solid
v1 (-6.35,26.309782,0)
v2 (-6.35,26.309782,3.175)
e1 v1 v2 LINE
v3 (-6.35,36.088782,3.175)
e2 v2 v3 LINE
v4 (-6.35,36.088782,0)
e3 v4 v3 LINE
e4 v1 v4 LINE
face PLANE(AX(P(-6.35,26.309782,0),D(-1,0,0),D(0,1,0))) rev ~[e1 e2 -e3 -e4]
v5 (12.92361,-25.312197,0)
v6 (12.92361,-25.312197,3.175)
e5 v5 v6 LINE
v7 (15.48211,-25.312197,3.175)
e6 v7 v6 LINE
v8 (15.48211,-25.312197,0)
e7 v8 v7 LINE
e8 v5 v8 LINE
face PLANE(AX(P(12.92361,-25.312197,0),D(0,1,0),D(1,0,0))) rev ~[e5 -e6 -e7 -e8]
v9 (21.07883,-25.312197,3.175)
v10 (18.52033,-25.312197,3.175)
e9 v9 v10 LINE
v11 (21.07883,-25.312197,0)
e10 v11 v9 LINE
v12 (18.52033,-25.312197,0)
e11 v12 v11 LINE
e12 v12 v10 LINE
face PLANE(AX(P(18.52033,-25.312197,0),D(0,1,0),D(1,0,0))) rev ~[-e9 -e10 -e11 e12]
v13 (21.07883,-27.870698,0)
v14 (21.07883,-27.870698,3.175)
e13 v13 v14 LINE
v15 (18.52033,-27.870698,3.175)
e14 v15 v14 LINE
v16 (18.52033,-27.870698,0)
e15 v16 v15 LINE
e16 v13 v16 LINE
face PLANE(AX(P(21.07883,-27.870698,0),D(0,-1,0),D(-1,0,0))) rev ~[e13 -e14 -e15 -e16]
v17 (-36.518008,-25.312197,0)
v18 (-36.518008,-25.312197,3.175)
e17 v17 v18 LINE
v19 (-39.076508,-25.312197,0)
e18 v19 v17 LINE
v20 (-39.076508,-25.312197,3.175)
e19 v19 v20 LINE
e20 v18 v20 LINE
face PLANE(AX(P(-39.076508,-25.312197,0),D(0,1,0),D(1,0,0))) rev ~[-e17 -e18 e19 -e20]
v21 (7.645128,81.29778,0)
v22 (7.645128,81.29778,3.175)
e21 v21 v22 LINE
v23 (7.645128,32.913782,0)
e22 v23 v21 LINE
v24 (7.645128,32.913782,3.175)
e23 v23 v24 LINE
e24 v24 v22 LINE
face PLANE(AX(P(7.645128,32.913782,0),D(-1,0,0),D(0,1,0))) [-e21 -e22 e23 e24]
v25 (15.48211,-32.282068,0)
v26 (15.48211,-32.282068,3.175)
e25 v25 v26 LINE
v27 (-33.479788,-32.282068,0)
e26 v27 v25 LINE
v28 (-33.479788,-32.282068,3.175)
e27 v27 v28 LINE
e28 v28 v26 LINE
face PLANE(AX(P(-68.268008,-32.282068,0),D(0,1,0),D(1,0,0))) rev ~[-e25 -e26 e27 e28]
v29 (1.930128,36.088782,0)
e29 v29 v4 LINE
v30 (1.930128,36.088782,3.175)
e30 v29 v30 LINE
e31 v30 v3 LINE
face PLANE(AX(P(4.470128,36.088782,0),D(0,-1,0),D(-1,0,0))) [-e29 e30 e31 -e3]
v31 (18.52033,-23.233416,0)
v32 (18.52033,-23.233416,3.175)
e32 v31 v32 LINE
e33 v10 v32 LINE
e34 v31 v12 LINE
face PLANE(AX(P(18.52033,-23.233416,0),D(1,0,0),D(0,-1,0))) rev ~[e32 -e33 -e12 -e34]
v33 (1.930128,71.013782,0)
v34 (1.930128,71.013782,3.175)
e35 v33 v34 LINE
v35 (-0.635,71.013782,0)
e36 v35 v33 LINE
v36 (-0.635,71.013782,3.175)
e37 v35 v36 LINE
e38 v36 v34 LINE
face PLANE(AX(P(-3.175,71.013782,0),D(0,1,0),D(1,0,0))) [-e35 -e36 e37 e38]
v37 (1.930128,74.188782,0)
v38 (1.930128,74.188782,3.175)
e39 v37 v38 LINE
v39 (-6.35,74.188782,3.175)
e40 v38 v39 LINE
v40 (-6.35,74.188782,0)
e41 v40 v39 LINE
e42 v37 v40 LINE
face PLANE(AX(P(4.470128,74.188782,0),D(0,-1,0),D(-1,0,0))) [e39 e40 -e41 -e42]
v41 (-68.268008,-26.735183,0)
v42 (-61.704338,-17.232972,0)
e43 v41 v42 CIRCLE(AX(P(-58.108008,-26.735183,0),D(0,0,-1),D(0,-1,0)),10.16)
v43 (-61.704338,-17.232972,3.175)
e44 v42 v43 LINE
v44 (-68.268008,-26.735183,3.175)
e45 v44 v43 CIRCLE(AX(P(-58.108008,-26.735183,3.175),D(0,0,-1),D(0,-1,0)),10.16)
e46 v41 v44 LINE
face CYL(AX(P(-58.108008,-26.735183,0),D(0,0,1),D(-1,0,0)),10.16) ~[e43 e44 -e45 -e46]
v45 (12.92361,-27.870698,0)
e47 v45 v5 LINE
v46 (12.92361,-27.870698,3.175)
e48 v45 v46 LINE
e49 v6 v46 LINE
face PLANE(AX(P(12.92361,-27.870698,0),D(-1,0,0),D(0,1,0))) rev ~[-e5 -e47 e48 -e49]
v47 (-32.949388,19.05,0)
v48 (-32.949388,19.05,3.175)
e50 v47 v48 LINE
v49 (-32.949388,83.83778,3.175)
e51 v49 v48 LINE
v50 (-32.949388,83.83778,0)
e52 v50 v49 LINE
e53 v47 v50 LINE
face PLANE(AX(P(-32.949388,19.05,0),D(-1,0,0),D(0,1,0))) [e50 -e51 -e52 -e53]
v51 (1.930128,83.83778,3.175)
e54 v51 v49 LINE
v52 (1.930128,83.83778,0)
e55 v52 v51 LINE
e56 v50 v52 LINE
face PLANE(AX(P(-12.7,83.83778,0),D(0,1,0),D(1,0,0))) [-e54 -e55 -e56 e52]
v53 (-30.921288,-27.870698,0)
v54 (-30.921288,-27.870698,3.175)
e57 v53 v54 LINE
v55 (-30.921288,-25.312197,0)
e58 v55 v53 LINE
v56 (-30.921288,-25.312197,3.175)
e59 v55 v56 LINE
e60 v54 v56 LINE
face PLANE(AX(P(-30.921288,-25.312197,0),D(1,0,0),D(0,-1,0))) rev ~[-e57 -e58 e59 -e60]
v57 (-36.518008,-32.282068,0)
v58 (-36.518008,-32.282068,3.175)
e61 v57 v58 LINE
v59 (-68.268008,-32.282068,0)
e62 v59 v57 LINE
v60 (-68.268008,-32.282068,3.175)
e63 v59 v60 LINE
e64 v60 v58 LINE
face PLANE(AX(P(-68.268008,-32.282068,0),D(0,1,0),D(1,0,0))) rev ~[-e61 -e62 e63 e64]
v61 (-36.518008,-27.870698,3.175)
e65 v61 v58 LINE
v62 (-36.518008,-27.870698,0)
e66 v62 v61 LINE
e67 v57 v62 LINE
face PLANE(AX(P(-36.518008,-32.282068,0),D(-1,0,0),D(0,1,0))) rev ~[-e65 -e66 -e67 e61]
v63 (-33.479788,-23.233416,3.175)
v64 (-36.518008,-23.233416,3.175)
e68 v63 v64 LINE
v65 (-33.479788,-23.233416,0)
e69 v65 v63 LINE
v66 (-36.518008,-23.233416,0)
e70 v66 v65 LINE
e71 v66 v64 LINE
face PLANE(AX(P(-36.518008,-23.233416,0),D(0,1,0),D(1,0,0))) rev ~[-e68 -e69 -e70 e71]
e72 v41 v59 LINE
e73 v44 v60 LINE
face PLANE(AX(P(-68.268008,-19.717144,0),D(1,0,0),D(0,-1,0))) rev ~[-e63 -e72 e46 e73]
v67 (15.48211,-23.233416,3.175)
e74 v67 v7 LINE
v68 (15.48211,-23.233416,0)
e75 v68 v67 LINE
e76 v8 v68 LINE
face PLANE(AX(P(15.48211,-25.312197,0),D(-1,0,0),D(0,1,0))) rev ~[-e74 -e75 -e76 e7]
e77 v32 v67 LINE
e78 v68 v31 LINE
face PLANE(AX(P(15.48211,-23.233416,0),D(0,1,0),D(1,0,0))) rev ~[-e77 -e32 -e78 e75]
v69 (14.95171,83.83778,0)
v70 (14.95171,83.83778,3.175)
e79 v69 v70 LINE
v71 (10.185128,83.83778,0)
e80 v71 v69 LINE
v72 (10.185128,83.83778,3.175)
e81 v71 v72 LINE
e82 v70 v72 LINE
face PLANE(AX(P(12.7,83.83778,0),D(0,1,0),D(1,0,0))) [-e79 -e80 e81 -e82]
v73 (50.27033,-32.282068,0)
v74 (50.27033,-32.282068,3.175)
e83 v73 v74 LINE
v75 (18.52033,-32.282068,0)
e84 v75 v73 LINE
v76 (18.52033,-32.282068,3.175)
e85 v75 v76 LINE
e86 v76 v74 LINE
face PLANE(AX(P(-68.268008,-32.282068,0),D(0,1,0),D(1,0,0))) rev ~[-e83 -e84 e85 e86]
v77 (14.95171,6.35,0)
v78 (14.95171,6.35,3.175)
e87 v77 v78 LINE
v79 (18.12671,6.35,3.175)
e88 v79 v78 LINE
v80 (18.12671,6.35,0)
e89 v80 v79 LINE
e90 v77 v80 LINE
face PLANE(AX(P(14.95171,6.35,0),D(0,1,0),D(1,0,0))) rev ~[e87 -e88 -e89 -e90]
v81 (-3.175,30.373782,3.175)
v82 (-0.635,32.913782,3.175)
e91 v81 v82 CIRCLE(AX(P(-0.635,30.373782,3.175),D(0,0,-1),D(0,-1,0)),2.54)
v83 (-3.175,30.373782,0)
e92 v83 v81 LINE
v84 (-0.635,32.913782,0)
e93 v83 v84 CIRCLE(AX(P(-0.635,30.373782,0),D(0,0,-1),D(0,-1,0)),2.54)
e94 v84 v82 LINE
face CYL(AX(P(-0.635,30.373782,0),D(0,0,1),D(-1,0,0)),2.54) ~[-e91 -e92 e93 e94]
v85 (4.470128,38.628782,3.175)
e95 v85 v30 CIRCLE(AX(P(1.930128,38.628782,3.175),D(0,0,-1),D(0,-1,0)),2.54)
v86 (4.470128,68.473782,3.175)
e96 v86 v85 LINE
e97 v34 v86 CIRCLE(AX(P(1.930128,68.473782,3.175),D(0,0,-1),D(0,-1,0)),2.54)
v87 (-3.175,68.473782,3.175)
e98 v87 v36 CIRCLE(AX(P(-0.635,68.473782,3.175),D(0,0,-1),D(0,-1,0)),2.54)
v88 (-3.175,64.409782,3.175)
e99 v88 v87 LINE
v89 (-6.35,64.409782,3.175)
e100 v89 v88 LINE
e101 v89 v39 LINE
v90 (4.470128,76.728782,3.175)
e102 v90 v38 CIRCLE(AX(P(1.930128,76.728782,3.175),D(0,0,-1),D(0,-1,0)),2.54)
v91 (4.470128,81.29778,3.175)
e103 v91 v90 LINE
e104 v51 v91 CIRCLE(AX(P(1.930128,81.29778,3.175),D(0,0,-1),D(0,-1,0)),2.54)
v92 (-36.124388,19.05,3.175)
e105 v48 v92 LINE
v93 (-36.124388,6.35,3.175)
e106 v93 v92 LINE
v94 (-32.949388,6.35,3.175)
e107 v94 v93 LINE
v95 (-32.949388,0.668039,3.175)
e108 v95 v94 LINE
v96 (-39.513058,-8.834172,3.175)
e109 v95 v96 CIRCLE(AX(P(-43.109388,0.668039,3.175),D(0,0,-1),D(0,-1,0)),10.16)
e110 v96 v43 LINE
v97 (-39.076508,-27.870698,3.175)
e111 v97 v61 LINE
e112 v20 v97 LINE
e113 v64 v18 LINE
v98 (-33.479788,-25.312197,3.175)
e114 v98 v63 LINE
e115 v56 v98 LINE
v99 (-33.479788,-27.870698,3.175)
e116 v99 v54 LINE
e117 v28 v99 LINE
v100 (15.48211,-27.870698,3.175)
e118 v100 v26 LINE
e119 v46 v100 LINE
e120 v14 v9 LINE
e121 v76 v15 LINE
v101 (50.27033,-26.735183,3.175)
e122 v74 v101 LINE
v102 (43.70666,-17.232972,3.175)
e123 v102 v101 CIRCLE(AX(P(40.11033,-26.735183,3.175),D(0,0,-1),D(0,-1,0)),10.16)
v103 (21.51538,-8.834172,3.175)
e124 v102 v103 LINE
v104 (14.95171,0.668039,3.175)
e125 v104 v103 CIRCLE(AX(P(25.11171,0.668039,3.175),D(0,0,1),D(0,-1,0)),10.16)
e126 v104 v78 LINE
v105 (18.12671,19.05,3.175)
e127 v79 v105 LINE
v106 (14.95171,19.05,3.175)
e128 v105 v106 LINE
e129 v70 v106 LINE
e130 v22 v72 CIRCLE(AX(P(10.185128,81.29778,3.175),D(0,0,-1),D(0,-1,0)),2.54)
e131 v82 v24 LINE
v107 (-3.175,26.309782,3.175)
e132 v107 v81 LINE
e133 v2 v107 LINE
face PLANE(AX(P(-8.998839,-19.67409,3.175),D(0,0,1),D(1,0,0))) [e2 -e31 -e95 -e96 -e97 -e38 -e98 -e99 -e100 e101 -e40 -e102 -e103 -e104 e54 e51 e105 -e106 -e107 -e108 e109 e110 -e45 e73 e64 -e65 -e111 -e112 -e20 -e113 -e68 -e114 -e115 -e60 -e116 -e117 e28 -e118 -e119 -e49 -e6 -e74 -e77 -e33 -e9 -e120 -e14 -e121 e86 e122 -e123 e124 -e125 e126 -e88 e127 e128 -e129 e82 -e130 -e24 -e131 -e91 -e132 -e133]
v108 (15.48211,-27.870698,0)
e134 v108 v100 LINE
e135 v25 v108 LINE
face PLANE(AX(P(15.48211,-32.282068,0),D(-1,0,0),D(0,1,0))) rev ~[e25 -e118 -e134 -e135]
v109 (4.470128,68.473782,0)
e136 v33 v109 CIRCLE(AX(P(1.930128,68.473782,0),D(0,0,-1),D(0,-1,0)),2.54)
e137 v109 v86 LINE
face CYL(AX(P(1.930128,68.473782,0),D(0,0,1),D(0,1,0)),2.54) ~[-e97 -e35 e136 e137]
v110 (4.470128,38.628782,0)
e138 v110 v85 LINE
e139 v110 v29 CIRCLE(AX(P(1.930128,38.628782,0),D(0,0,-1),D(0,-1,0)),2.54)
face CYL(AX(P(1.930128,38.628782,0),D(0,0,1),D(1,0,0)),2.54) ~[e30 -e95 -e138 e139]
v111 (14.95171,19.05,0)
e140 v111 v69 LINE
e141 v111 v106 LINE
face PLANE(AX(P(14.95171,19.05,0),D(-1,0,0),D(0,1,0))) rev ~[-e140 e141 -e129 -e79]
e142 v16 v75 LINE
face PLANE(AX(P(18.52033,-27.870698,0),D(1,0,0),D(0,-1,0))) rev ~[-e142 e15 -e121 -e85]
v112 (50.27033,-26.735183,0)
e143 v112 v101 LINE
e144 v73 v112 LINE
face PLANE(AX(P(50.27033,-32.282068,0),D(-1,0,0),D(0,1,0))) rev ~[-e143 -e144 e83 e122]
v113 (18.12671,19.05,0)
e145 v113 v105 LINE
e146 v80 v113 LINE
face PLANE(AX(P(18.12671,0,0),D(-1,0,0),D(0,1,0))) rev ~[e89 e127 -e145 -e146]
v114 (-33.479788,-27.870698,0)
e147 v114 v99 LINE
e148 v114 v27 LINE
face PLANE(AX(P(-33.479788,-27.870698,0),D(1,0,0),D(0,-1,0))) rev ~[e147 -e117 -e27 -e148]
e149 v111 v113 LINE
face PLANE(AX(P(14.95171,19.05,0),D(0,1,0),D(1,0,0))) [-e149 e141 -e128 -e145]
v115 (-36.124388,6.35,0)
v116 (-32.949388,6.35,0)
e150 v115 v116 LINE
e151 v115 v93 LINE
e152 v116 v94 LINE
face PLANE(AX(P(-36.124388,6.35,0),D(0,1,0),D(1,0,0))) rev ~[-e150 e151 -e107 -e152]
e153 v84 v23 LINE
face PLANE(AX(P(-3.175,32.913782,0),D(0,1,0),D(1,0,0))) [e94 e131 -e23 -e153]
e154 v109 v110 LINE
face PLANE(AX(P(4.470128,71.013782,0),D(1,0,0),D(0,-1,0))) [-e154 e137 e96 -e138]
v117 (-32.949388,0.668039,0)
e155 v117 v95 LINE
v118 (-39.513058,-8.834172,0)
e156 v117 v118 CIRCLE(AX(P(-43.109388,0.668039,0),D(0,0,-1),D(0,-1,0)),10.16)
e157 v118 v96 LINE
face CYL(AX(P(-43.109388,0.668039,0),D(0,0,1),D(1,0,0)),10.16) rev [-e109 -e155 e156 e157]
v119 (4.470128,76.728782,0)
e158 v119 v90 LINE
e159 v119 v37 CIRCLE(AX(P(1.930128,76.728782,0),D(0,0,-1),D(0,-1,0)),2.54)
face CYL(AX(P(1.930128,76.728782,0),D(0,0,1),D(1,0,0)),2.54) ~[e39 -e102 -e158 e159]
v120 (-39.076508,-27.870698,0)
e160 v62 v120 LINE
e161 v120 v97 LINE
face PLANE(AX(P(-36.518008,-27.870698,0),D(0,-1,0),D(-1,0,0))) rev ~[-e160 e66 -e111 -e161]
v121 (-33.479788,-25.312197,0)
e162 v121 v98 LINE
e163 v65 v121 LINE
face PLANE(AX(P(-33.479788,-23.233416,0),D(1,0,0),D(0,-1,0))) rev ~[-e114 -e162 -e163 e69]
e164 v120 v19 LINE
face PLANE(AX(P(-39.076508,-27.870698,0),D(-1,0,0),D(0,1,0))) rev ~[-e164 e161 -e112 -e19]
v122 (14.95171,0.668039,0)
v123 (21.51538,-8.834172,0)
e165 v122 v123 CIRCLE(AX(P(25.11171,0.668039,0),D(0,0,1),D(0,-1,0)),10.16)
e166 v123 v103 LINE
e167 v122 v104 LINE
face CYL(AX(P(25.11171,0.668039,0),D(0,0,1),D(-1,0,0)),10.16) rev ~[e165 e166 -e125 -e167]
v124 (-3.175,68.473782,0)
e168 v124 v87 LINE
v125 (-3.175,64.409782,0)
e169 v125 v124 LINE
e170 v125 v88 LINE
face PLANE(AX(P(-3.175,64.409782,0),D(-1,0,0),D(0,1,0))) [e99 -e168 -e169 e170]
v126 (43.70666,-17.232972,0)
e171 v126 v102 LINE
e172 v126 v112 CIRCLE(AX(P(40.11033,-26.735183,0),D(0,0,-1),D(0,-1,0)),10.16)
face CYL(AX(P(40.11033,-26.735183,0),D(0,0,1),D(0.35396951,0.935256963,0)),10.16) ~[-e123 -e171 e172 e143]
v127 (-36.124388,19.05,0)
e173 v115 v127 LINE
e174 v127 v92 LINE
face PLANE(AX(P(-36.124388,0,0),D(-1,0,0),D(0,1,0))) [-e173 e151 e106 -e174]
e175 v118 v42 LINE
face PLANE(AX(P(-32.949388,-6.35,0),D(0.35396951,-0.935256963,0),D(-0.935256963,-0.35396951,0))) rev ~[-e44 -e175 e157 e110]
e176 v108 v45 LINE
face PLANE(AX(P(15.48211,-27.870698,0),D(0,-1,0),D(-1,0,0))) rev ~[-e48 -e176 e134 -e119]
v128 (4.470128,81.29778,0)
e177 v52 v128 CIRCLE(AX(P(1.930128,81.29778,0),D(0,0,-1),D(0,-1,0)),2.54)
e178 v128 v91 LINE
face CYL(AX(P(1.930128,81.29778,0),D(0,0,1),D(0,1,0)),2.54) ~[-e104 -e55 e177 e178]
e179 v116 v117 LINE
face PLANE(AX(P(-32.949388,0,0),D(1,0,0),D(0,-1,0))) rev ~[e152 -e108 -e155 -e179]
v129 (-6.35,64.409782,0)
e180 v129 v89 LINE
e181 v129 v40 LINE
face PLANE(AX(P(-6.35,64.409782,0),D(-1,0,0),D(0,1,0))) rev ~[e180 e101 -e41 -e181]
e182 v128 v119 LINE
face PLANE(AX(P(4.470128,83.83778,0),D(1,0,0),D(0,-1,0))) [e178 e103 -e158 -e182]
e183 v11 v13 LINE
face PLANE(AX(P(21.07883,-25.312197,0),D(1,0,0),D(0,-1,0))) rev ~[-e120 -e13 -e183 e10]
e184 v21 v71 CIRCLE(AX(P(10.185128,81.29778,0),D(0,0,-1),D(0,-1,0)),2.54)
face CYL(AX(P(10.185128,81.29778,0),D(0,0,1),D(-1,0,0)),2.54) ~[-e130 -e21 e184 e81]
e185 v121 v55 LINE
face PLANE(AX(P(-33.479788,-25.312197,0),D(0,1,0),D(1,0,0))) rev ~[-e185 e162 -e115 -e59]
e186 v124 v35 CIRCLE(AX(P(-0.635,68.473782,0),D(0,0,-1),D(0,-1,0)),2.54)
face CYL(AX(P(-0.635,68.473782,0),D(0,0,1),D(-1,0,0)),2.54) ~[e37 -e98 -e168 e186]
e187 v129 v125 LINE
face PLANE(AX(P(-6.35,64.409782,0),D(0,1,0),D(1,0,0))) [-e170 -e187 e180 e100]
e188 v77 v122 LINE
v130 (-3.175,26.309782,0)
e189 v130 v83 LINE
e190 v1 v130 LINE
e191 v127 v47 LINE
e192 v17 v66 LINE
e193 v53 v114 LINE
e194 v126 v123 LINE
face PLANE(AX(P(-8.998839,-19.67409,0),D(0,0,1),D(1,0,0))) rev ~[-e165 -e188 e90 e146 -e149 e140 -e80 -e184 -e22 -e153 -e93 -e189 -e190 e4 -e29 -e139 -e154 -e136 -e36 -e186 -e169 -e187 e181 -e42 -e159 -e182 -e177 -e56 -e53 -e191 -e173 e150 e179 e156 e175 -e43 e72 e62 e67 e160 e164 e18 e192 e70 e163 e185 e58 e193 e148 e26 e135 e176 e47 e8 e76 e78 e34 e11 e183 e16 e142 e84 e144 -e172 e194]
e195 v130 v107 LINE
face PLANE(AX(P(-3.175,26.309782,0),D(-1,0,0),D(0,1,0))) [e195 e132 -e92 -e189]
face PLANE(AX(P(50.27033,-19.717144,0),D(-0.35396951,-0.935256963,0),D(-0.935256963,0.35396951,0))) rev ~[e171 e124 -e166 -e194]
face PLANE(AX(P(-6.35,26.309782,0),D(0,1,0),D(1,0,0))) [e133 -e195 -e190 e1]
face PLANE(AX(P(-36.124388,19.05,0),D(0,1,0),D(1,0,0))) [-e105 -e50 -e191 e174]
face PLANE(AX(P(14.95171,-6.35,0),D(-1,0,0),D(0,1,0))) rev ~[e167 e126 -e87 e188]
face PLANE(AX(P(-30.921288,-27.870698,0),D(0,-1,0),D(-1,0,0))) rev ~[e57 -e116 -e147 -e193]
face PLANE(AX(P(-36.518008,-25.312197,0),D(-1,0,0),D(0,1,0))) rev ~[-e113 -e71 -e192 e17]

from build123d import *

# Parameters (mm, degrees)
BOSS_EXTRUDE1_DEPTH = 3.175
SKETCH2_W           = 5.42671
SKETCH2_H           = 83.83778
SKETCH2_W_2         = 23.424388
BOSS_EXTRUDE2_DEPTH = 3.175
SKETCH3_W           = 3.175
SKETCH3_H           = 64.78778
SKETCH3_H_2         = 6.35
CUT_EXTRUDE2_DEPTH  = 92.344542194
BOSS_EXTRUDE4_DEPTH = 3.175
FILLET1_R           = 10.16
CUT_EXTRUDE5_DEPTH  = 109.16364837
FILLET2_R           = 2.54


with BuildPart() as part:
    # Sketch1 → Boss-Extrude1 (new body)
    with BuildSketch(Plane.XY):
        Polygon((4.470127528, 71.013782114), (4.470127528, 36.088782114), (-6.35, 36.088782114), (-6.35, 32.913782114), (-6.35, 26.309782114), (-3.175, 26.309782114), (-3.175, 32.913782114), (7.645127528, 32.913782114), (7.645127528, 83.83778), (12.7, 83.83778), (12.7, 0), (-12.7, 0), (-12.7, 83.83778), (4.470127528, 83.83778), (4.470127528, 74.188782114), (-6.35, 74.188782114), (-6.35, 71.013782114), (-6.35, 64.409782114), (-3.175, 64.409782114), (-3.175, 71.013782114), align=None)
    extrude(amount=BOSS_EXTRUDE1_DEPTH)

    # Sketch2 → Boss-Extrude2 (add)
    with BuildSketch(Plane.XY):
        with Locations((15.413355, 41.91889)):
            Rectangle(SKETCH2_W, SKETCH2_H)
        with Locations((-24.412194, 41.91889)):
            Rectangle(SKETCH2_W_2, SKETCH2_H)
    extrude(amount=BOSS_EXTRUDE2_DEPTH)

    # Sketch3 → Cut-Extrude2 (cut, through all)
    with BuildSketch(Plane.XY):
        with Locations((-34.536888, 51.44389)):
            Rectangle(SKETCH3_W, SKETCH3_H)
        with Locations((16.53921, 51.44389)):
            Rectangle(SKETCH3_W, SKETCH3_H)
        with Locations((-34.536888, 3.175)):
            Rectangle(SKETCH3_W, SKETCH3_H_2)
        with Locations((16.53921, 3.175)):
            Rectangle(SKETCH3_W, SKETCH3_H_2)
    extrude(amount=CUT_EXTRUDE2_DEPTH, mode=Mode.SUBTRACT)

    # Sketch5 → Boss-Extrude4 (add)
    with BuildSketch(Plane.XY):
        Polygon((-32.949388, 0), (-32.949388, -6.35), (-68.268007503, -19.717143922), (-68.268007503, -32.282068045), (50.270329503, -32.282068045), (50.270329503, -19.717143922), (14.95171, -6.35), (14.95171, 0), align=None)
    extrude(amount=BOSS_EXTRUDE4_DEPTH)

    # Fillet1
    fillet1_edges = [part.edges().sort_by_distance(p)[0] for p in [
        (-32.949388, -6.35, 1.5875),
        (-68.268007503, -19.717143922, 1.5875),
        (50.270329503, -19.717143922, 1.5875),
        (14.95171, -6.35, 1.5875),
    ]]
    fillet(fillet1_edges, radius=FILLET1_R)

    # Sketch6 → Cut-Extrude5 (cut, through all)
    with BuildSketch(Plane.XY):
        Polygon((-36.518007503, -32.282068045), (-36.518007503, -27.870697677), (-39.076507827, -27.870697677), (-39.076507827, -25.312197354), (-36.518007503, -25.312197354), (-36.518007503, -23.233415841), (-33.479788369, -23.233415841), (-33.479788369, -25.312197354), (-30.921288046, -25.312197354), (-30.921288046, -27.870697677), (-33.479788369, -27.870697677), (-33.479788369, -32.282068045), align=None)
        Polygon((15.482110369, -32.282068045), (15.482110369, -27.870697677), (12.923610046, -27.870697677), (12.923610046, -25.312197354), (15.482110369, -25.312197354), (15.482110369, -23.233415841), (18.520329503, -23.233415841), (18.520329503, -25.312197354), (21.078829827, -25.312197354), (21.078829827, -27.870697677), (18.520329503, -27.870697677), (18.520329503, -32.282068045), align=None)
    extrude(amount=CUT_EXTRUDE5_DEPTH, mode=Mode.SUBTRACT)

    # Fillet2
    fillet2_edges = [part.edges().sort_by_distance(p)[0] for p in [
        (4.470127528, 83.83778, 1.5875),
        (4.470127528, 74.188782114, 1.5875),
        (-3.175, 71.013782114, 1.5875),
        (4.470127528, 71.013782114, 1.5875),
        (4.470127528, 36.088782114, 1.5875),
        (-3.175, 32.913782114, 1.5875),
        (7.645127528, 83.83778, 1.5875),
    ]]
    fillet(fillet2_edges, radius=FILLET2_R)


solid = part.part
